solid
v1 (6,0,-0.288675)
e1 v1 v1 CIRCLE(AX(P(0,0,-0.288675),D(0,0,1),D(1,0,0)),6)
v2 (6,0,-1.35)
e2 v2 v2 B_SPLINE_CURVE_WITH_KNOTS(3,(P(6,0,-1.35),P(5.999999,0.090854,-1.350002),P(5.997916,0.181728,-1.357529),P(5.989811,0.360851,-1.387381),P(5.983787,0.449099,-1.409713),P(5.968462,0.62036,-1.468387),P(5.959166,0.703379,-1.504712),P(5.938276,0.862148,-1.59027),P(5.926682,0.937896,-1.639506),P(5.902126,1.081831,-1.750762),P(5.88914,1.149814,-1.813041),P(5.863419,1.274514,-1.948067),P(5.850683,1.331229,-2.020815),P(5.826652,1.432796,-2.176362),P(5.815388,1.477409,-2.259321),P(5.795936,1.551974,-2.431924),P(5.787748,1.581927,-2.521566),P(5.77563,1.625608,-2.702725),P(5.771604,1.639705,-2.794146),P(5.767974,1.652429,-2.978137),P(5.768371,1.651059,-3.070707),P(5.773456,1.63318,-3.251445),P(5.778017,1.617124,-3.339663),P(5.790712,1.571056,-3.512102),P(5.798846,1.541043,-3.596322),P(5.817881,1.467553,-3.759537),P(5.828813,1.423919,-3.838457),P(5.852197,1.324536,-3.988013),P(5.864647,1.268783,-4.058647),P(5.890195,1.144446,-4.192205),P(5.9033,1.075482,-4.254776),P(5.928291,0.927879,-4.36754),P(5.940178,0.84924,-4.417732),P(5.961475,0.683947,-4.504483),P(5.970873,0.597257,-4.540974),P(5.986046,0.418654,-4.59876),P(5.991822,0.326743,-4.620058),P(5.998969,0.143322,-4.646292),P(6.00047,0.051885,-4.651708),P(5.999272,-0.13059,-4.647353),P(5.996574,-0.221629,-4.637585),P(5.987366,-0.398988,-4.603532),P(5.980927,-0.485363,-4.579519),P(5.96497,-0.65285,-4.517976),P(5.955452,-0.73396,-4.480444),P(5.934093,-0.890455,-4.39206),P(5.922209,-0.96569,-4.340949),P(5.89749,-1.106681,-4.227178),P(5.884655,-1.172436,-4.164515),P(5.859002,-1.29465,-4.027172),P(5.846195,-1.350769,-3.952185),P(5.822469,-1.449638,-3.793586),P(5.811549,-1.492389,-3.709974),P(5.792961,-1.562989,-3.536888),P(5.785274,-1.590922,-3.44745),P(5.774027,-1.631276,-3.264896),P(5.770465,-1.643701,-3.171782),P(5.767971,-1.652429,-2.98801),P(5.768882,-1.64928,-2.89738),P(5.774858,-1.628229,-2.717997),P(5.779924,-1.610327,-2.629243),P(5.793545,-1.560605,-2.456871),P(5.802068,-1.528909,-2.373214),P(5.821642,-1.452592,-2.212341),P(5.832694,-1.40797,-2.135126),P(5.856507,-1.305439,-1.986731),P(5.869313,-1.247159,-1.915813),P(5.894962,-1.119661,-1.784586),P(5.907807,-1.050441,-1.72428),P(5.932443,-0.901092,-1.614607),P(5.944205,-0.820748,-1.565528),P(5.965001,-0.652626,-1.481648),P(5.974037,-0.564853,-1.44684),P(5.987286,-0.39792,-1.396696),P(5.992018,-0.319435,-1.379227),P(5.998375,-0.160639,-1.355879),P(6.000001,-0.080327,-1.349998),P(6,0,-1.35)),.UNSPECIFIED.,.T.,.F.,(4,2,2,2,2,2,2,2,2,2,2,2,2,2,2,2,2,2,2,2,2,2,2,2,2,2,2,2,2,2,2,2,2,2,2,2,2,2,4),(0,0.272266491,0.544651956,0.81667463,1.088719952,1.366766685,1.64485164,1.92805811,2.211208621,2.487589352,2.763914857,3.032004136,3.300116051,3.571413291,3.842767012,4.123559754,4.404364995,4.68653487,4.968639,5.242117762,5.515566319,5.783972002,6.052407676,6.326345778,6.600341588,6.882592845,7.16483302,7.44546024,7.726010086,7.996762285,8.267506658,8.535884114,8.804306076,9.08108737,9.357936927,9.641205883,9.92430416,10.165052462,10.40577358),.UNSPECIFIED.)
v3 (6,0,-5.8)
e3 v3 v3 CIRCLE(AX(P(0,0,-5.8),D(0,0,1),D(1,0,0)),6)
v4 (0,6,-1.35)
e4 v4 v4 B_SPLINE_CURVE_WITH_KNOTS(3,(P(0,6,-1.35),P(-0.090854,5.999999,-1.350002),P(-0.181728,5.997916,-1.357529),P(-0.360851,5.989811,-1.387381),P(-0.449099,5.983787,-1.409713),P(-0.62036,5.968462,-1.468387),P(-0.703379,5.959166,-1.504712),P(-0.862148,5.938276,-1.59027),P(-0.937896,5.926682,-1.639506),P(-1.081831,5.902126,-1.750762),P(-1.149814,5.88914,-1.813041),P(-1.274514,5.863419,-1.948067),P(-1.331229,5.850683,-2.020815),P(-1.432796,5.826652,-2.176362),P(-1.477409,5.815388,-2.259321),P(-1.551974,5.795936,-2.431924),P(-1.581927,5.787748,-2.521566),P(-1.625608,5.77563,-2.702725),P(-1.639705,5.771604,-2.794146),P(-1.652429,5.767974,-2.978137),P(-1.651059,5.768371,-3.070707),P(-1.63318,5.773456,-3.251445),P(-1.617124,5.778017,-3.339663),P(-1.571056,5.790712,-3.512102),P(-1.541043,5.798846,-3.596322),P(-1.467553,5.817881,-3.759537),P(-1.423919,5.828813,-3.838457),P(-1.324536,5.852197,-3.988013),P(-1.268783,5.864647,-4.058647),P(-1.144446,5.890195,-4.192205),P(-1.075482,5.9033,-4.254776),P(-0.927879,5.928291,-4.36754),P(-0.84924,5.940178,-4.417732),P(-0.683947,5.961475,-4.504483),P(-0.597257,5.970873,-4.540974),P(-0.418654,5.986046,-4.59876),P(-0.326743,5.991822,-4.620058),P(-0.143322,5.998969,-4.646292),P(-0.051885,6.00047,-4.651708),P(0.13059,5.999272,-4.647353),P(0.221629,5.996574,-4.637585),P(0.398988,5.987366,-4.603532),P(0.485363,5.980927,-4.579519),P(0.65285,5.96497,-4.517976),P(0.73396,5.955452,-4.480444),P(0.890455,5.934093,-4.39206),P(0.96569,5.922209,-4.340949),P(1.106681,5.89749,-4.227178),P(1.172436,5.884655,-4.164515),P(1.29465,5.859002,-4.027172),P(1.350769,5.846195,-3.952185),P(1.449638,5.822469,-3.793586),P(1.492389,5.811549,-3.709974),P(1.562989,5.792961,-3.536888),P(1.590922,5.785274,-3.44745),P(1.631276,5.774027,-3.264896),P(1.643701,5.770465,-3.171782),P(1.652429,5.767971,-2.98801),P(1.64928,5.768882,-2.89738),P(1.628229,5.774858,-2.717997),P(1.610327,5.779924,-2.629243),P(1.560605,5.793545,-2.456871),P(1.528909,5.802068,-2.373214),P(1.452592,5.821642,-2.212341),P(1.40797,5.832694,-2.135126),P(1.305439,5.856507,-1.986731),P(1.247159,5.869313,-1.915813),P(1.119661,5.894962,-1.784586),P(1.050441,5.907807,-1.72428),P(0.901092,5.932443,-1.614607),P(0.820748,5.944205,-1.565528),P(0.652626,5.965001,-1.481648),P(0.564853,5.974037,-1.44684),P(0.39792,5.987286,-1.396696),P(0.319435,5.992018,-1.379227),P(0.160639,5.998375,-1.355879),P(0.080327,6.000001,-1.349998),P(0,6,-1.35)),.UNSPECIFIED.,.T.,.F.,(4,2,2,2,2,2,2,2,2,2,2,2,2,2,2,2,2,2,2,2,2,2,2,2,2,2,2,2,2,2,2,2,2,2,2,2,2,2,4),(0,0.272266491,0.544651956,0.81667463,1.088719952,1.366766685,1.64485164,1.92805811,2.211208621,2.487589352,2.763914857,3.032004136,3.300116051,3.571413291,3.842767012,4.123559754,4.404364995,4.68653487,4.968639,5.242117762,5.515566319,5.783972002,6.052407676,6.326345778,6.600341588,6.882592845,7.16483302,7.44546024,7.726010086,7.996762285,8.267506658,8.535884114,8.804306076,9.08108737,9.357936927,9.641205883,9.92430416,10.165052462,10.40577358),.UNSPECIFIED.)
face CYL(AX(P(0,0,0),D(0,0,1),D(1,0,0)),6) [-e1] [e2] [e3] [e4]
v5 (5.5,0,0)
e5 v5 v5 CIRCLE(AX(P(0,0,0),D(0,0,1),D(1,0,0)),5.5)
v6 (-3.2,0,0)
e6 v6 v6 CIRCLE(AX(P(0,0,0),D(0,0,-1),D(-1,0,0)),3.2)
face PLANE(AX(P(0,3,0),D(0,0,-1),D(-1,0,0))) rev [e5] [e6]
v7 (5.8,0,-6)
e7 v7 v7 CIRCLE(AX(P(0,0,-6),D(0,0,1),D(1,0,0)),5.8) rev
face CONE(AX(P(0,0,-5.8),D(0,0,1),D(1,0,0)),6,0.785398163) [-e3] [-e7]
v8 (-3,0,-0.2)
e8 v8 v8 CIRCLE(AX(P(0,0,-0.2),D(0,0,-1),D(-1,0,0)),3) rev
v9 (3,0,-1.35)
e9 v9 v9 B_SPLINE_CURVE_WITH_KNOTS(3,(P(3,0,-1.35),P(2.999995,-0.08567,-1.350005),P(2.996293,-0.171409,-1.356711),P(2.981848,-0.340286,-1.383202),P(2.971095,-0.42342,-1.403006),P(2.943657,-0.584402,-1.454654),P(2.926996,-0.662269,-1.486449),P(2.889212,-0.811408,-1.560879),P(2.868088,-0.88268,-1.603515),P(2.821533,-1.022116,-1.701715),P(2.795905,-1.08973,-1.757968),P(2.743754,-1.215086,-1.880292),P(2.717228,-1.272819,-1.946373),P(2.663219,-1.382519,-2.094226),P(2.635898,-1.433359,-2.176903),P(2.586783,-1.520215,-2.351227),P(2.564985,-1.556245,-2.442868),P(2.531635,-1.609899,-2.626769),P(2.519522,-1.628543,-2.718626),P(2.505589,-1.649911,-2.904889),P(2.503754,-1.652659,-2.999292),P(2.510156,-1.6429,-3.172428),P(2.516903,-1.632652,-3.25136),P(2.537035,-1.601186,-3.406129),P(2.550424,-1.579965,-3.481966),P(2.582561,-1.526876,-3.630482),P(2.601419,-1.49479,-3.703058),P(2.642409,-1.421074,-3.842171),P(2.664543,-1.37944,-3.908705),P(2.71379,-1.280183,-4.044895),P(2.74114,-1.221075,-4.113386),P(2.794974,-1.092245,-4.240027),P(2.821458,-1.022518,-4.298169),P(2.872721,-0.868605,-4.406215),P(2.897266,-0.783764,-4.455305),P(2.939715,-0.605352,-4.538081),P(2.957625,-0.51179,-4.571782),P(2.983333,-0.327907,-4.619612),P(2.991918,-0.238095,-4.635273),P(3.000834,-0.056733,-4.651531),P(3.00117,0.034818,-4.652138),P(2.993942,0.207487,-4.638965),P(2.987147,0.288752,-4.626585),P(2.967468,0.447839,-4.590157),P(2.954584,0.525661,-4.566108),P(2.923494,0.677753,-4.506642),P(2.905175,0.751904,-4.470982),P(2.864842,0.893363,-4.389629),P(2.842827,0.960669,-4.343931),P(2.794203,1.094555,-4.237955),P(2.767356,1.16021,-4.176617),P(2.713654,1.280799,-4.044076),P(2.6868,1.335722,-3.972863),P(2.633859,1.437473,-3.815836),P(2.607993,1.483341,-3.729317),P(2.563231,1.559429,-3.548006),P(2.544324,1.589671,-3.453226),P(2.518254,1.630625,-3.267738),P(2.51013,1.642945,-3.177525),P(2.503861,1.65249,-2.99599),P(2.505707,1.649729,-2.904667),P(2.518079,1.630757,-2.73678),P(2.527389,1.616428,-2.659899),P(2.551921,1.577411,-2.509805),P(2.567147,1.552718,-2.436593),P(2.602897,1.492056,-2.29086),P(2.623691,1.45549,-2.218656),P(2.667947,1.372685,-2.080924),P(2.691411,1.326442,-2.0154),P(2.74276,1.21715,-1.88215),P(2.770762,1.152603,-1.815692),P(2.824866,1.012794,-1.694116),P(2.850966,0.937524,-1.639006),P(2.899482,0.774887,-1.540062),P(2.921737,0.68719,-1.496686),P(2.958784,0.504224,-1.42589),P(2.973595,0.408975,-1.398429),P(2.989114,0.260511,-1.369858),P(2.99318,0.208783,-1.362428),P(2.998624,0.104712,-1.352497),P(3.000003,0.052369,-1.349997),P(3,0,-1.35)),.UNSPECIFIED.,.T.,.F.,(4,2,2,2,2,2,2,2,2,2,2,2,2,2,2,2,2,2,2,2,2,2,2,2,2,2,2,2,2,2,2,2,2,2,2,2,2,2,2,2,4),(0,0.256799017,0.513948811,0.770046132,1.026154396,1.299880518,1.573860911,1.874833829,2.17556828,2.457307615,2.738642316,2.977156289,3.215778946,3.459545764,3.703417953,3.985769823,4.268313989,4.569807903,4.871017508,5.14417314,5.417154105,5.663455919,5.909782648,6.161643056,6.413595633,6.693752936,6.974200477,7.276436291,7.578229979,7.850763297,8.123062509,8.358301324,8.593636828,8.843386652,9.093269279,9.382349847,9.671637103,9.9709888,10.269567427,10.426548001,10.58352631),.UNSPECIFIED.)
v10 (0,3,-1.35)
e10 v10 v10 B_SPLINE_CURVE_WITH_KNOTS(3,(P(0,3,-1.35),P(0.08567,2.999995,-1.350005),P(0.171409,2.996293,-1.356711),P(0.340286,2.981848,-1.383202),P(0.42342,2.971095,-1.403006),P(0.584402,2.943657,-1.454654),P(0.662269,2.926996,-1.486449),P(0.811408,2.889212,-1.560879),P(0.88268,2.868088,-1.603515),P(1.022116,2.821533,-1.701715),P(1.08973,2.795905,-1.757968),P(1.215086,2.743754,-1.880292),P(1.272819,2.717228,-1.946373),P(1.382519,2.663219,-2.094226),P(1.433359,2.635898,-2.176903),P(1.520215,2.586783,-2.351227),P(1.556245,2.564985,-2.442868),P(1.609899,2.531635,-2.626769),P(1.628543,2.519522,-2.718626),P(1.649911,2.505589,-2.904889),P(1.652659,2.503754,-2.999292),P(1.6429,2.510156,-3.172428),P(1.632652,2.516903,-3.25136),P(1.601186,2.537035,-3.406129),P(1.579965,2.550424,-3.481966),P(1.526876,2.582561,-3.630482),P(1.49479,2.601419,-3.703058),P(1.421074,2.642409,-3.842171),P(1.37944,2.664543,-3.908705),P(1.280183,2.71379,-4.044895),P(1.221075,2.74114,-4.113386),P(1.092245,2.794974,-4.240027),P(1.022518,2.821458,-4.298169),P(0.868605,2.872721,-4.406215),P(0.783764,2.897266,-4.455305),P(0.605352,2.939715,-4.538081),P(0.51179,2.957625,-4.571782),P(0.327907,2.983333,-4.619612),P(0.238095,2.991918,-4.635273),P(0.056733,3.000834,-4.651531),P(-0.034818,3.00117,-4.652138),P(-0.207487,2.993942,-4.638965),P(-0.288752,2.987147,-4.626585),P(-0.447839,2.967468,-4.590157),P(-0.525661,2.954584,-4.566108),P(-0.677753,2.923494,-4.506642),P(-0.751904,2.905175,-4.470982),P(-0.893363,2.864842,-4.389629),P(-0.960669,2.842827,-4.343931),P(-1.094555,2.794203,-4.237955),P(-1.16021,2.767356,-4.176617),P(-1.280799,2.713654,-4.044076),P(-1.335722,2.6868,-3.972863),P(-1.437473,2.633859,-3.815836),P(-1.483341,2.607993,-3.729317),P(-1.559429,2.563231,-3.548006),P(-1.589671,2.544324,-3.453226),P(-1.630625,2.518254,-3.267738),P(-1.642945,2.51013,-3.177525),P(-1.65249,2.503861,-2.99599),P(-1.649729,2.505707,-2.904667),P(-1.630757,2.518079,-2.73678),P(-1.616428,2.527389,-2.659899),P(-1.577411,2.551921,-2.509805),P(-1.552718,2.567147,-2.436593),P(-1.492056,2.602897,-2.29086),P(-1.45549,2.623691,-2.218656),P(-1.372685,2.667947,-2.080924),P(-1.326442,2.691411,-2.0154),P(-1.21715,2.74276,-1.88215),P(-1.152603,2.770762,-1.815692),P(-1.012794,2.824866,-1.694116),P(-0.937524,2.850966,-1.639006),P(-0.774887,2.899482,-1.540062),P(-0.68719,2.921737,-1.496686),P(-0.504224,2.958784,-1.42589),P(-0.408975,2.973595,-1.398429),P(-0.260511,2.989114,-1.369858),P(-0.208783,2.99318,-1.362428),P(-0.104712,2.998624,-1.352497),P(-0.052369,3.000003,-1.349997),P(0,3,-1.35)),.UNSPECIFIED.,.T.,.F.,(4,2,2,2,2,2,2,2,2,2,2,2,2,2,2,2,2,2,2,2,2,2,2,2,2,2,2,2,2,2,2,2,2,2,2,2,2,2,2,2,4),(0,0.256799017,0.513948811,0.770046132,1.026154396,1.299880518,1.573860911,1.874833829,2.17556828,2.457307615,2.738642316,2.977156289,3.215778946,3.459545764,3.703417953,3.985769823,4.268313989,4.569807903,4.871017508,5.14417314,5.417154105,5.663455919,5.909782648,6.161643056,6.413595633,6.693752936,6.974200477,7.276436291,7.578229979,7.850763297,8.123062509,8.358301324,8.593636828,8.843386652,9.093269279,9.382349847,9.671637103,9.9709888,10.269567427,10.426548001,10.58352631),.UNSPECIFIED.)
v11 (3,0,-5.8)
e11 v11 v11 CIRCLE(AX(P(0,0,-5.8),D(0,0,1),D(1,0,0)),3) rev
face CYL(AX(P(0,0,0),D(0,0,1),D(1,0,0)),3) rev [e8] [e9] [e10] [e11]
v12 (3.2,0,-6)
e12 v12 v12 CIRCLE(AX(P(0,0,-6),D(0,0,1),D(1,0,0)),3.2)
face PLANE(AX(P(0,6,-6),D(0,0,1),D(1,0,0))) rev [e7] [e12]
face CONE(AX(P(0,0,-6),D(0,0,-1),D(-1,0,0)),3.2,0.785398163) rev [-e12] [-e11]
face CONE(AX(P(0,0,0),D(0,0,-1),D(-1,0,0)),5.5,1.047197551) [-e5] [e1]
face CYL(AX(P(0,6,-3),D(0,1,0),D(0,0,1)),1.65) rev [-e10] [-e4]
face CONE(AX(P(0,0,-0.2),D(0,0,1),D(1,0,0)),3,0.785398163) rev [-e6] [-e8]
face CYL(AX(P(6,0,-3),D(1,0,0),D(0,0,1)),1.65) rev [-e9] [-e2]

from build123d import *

# Parameters (mm, degrees)
SKETCH1_W           = 6
SKETCH1_H           = 3
TAPPED_HOLE1_REACH  = 16.697
TAPPED_HOLE1_BORE_R = 1.65
CIRPATTERN1_COUNT   = 2
CIRPATTERN1_ANGLE   = 90
CHAMFER1_SIZE       = 0.2


with BuildPart() as part:
    # Sketch1 → Revolve1 (revolve)
    with BuildSketch(Plane(origin=(0, 0, 0), x_dir=(0, 0, -1), z_dir=(1, 0, 0)), mode=Mode.PRIVATE) as revolve1_sk:
        with Locations((3, 4.5)):
            Rectangle(SKETCH1_W, SKETCH1_H)
    revolve(revolve1_sk.sketch.rotate(Axis((0, 0, 0), (0, 0, -1)), 90), axis=Axis((0, 0, 0), (0, 0, -1)))

    # Tapped Hole1 bore → Tapped Hole1 (cut, up to next)
    with BuildSketch(Plane(origin=(0, 6, 0), x_dir=(1, 0, 0), z_dir=(0, 1, 0)), mode=Mode.PRIVATE) as tapped_hole1_sk1:
        with Locations((0, 3)):
            Circle(TAPPED_HOLE1_BORE_R)
    tapped_hole1_tool1 = extrude(tapped_hole1_sk1.sketch, amount=-TAPPED_HOLE1_REACH, mode=Mode.PRIVATE) & part.part
    tapped_hole1 = tapped_hole1_tool1.solids().sort_by_distance((0, 6, -3))[0]
    add(tapped_hole1, mode=Mode.SUBTRACT)

    # CirPattern1: Tapped Hole1 ×2 about axis
    cirpattern1_axis = Axis((0, 0, 0), (0, 0, -1))
    for i in range(1, CIRPATTERN1_COUNT):
        add(tapped_hole1.rotate(cirpattern1_axis, i * CIRPATTERN1_ANGLE / (CIRPATTERN1_COUNT - 1)), mode=Mode.SUBTRACT)

    # Chamfer1
    chamfer1_edges = [part.edges().sort_by_distance(p)[0] for p in [
        (-3, 0, -6),
        (-3, 0, 0),
        (-6, 0, -6),
    ]]
    chamfer(chamfer1_edges, length=CHAMFER1_SIZE)

    # Sketch4 → Cut-Revolve1 (revolve, cut)
    with BuildSketch(Plane(origin=(0, 0, 0), x_dir=(0, 0, -1), z_dir=(1, 0, 0)), mode=Mode.PRIVATE) as cut_revolve1_sk:
        Polygon((0.288675135, 6), (0, 5.5), (0, 6), align=None)
    revolve(cut_revolve1_sk.sketch.rotate(Axis((0, 0, 0), (0, 0, -1)), 90), axis=Axis((0, 0, 0), (0, 0, -1)), mode=Mode.SUBTRACT)


solid = part.part
